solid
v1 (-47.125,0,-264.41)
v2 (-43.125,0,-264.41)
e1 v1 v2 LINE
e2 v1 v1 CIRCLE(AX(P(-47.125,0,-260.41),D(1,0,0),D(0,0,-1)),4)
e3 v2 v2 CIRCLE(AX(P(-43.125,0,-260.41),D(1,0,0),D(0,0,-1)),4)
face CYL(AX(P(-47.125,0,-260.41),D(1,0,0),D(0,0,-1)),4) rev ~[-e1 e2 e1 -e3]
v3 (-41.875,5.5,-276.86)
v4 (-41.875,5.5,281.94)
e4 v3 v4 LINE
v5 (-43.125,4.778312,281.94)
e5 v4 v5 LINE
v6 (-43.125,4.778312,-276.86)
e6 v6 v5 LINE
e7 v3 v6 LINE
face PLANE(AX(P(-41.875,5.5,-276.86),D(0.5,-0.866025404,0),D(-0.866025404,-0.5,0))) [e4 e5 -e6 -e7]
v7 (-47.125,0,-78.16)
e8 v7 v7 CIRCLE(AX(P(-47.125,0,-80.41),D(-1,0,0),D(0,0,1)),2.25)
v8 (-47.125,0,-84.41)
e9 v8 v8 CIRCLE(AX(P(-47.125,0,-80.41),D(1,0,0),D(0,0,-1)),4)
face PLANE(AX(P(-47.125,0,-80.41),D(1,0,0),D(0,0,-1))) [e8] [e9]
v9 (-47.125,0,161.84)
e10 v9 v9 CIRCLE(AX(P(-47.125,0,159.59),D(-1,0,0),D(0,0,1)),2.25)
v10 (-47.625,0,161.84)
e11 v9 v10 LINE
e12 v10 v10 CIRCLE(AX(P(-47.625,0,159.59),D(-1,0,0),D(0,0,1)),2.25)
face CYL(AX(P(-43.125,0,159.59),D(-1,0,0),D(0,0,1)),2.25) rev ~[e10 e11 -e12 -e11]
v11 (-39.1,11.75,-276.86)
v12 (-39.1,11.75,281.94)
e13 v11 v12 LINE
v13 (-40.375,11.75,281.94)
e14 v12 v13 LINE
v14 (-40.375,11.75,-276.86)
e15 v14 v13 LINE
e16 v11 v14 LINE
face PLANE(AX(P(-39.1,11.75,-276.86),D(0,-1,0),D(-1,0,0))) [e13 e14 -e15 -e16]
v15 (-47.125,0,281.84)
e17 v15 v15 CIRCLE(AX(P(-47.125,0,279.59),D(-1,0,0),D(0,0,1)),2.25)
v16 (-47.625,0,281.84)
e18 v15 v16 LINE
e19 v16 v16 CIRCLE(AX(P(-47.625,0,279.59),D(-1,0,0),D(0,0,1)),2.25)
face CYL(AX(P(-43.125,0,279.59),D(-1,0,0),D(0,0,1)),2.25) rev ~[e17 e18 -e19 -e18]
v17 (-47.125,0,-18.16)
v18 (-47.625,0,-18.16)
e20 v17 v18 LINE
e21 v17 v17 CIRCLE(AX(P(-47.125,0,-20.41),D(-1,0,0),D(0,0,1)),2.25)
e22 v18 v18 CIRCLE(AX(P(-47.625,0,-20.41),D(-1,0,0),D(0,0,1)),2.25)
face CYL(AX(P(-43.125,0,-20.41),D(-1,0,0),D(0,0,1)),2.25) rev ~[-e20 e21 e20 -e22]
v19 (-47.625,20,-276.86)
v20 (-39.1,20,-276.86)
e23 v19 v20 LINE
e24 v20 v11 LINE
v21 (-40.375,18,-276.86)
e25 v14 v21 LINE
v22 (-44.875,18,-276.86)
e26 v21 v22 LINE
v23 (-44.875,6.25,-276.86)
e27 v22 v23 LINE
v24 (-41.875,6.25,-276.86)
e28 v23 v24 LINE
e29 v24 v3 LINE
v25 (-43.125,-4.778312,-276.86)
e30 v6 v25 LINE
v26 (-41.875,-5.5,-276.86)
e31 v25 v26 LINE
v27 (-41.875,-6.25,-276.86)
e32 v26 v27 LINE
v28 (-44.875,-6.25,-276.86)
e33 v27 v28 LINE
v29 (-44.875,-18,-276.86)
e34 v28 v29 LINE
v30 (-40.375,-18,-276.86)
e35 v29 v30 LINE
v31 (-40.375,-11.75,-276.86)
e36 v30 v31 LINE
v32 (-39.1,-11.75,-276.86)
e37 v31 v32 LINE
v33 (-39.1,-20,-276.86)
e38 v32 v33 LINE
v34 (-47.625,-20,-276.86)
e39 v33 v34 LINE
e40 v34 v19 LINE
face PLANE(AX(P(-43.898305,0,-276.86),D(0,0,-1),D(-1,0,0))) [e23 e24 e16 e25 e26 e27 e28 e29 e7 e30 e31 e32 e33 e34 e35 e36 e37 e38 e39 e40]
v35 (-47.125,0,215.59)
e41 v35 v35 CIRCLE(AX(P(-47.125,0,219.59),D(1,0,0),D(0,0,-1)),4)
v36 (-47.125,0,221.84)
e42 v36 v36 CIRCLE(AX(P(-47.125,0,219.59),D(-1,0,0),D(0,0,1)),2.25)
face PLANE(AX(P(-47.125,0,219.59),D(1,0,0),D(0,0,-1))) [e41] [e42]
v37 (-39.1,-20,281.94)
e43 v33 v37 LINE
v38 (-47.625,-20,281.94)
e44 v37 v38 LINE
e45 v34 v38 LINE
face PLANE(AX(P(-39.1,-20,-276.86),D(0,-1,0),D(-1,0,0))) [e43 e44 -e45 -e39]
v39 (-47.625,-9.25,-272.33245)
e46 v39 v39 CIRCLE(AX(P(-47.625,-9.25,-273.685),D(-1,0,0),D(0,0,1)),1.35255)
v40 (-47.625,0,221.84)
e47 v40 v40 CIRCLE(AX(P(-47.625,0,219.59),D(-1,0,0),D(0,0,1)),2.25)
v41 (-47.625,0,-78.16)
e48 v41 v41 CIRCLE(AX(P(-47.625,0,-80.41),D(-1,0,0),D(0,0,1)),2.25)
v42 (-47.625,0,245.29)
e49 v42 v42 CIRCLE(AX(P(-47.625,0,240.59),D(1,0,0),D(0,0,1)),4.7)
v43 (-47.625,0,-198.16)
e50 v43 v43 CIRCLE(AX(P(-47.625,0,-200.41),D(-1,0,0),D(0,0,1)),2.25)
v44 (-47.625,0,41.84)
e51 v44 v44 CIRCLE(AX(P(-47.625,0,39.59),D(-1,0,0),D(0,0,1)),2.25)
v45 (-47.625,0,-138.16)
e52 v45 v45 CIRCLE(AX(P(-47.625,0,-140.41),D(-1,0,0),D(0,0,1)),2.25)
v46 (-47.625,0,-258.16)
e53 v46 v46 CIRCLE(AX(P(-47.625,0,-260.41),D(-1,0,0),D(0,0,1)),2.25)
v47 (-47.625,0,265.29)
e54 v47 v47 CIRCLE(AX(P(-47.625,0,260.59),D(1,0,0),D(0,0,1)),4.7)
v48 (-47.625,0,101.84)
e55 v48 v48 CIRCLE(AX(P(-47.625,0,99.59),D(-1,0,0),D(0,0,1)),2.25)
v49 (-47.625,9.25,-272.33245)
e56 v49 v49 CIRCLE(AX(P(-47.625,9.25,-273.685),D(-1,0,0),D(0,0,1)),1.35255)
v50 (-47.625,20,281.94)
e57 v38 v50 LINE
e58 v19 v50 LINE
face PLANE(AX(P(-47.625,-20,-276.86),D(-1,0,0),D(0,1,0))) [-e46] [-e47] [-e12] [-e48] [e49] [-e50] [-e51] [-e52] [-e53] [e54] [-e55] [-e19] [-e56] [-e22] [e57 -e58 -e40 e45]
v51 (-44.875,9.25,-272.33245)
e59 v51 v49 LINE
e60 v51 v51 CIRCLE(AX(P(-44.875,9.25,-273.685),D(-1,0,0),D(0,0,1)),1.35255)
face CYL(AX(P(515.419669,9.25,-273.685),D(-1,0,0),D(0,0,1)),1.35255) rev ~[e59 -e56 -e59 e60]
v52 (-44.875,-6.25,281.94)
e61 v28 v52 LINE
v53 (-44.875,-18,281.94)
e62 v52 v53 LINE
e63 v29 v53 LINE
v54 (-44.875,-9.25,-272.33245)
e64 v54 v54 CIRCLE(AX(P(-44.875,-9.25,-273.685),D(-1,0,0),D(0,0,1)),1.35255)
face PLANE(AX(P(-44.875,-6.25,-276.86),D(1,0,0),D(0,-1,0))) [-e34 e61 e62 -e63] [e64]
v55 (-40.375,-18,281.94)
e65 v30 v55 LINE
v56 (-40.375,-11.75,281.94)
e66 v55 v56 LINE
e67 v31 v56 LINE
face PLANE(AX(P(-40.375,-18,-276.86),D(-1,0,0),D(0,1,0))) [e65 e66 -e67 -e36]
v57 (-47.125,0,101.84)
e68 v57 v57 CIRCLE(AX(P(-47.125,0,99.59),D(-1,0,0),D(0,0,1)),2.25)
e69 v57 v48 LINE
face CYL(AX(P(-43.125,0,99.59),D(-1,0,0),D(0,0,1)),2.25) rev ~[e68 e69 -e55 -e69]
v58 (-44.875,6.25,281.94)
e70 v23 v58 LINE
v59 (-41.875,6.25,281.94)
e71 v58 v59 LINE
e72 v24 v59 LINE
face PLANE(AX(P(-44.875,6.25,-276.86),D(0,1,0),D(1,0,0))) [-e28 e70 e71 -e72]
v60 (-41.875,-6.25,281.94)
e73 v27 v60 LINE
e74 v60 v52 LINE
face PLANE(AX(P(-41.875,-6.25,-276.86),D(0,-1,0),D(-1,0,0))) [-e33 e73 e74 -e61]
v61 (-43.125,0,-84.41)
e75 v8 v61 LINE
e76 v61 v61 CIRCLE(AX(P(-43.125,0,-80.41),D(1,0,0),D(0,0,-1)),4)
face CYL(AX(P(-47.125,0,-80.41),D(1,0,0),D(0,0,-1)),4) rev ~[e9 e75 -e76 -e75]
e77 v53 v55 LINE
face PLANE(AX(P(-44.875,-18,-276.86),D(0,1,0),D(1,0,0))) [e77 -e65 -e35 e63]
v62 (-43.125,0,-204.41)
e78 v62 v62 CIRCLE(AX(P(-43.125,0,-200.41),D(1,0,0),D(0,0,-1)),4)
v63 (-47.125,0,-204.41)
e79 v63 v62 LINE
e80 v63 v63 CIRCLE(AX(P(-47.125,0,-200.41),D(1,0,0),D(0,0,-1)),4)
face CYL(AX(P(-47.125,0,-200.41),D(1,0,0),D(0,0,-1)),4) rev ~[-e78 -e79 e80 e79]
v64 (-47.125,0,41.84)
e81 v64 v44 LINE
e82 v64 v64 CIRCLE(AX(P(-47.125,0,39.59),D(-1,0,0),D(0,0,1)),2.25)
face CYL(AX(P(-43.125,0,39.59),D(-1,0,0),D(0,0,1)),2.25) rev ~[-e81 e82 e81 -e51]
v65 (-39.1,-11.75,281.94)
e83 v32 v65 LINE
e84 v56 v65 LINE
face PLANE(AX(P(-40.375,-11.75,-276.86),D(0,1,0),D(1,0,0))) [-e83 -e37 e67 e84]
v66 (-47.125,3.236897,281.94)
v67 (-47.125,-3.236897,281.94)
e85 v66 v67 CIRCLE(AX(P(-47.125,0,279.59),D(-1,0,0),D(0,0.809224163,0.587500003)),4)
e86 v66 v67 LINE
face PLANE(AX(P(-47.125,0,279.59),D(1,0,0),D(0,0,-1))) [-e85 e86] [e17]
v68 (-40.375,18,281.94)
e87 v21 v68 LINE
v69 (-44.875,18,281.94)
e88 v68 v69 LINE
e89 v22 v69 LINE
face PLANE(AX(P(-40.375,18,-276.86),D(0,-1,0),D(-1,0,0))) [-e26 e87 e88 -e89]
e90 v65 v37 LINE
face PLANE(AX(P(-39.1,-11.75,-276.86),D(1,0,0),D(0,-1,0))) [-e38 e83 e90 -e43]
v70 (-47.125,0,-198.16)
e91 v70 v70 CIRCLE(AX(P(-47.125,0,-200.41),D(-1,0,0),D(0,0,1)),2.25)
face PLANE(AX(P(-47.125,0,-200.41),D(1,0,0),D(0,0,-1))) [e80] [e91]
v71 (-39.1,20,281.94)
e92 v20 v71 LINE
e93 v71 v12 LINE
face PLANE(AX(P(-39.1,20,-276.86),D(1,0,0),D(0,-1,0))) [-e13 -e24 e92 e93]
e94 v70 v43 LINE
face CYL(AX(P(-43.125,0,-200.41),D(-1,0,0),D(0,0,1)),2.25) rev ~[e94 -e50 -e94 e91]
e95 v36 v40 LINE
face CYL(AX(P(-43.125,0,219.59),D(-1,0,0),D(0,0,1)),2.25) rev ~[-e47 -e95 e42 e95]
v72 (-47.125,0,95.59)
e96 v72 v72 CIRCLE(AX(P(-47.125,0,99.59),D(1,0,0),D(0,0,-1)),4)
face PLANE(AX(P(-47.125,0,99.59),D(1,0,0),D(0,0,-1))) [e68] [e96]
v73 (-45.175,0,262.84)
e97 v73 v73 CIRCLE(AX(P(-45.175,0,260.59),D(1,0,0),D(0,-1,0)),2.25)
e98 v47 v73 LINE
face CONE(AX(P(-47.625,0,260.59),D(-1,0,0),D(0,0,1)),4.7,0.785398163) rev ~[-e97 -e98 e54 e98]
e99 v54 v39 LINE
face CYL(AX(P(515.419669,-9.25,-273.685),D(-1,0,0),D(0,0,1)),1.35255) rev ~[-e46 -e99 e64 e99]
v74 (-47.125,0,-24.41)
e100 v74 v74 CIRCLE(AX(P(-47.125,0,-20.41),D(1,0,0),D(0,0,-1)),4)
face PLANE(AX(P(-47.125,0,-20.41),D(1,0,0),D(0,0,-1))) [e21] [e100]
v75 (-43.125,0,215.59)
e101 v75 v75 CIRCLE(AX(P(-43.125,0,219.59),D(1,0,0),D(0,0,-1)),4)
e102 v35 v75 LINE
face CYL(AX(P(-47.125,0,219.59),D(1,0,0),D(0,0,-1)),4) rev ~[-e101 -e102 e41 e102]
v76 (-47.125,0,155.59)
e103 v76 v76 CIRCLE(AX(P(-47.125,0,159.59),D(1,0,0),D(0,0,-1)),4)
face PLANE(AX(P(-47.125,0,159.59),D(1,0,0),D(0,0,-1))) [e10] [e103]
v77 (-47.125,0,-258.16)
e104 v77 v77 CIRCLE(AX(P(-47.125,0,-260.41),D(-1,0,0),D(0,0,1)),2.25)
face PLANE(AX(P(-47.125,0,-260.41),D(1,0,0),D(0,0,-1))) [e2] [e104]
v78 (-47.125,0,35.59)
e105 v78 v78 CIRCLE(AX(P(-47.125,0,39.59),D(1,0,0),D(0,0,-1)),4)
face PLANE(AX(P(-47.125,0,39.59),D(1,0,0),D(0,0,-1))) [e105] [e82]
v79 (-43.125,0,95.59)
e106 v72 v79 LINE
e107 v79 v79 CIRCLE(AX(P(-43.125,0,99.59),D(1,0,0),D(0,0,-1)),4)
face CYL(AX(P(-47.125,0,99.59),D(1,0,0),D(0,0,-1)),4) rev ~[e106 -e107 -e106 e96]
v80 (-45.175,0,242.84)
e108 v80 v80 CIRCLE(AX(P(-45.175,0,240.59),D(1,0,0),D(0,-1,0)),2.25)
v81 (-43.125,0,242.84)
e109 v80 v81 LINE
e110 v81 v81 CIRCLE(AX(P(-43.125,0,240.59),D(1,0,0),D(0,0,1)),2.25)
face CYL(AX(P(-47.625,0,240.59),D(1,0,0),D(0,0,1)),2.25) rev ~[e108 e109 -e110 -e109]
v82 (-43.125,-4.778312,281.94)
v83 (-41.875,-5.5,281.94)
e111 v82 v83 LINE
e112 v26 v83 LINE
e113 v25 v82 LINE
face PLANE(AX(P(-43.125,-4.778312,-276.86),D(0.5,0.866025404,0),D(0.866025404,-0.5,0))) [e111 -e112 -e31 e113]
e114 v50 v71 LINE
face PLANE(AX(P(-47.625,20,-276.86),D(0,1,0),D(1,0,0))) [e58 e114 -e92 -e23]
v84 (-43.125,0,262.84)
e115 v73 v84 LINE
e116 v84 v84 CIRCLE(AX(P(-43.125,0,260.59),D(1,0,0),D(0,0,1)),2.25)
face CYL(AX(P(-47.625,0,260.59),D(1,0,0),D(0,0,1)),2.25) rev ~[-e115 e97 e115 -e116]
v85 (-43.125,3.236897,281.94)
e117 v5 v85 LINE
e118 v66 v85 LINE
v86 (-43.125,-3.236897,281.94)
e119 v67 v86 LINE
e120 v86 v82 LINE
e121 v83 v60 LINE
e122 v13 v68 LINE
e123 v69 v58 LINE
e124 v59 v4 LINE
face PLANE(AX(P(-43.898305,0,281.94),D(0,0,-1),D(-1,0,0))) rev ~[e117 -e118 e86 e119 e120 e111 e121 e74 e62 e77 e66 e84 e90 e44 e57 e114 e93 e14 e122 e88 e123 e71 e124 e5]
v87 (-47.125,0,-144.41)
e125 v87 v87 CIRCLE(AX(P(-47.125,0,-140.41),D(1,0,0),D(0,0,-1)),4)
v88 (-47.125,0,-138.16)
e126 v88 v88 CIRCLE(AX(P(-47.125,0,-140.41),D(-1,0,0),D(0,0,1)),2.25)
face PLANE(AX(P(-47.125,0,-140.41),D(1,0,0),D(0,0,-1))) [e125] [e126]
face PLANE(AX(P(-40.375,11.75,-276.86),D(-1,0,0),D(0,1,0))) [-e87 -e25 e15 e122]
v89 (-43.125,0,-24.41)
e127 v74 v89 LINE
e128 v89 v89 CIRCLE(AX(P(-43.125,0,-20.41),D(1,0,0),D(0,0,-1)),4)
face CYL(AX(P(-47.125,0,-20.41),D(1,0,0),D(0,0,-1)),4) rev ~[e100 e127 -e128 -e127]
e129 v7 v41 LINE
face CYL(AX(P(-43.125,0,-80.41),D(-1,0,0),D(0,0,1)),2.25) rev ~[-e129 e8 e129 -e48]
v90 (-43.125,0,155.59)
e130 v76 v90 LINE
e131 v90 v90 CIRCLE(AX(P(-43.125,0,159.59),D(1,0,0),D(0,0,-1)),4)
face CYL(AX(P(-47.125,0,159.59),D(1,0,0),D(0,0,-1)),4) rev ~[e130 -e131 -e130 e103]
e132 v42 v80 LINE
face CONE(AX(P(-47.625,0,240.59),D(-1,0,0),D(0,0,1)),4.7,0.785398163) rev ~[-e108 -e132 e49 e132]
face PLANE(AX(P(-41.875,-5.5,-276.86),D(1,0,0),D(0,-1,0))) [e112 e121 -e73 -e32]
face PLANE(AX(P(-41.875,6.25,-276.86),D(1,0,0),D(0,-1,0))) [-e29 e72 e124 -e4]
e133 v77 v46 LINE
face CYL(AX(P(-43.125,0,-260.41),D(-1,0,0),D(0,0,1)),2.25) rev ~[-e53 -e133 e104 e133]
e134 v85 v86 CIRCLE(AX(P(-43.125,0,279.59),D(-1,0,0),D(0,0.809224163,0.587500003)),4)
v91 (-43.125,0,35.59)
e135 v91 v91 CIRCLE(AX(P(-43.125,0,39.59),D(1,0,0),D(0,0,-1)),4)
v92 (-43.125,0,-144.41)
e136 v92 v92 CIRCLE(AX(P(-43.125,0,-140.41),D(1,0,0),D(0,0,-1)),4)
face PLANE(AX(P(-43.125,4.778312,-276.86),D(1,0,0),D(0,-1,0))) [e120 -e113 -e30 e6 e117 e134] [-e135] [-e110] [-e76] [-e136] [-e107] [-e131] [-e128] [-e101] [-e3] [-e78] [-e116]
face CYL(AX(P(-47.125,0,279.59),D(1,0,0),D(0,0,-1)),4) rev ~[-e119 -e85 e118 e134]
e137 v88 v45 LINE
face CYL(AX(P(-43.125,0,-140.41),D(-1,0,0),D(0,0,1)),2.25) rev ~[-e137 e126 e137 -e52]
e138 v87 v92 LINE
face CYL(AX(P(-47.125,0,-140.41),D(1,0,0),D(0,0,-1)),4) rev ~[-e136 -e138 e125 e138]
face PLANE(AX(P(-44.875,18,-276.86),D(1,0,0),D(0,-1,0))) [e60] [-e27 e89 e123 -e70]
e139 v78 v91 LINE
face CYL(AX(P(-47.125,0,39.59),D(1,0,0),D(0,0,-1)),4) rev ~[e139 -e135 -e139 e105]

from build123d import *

# Parameters (mm, degrees)
BOSS_EXTRUDE1_DEPTH                             = 281.94
BOSS_EXTRUDE1_DEPTH_BACK                        = 276.86
CBORE_FOR_M4_SHCS1_D                            = 4.5
CBORE_FOR_M4_SHCS1_CBORE_D                      = 8
CBORE_FOR_M4_SHCS1_CBORE_DEPTH                  = 4
CSK_FOR_M4_FLAT_HEAD_MACHINE_SCREW1_D           = 4.5
CSK_FOR_M4_FLAT_HEAD_MACHINE_SCREW1_CSINK_D     = 9.4
CSK_FOR_M4_FLAT_HEAD_MACHINE_SCREW1_CSINK_ANGLE = 90
LPATTERN1_COUNT                                 = 9
LPATTERN1_PITCH                                 = 60
LPATTERN1_COL_COUNT                             = 2
LPATTERN1_COL_PITCH                             = 60
F_6_32_TAPPED_HOLE1_D                           = 2.7051


with BuildPart() as part:
    # Sketch1 → Boss-Extrude1 (new, two sides: drawn at the far end of the back side and taken through both)
    with BuildSketch(Plane.XY.offset(-BOSS_EXTRUDE1_DEPTH_BACK)):
        Polygon((-39.1, 20), (-39.1, 11.75), (-40.375, 11.75), (-40.375, 18), (-44.875, 18), (-44.875, 6.25), (-41.875, 6.25), (-41.875, 5.5), (-43.125, 4.778312164), (-43.125, -4.778312164), (-41.875, -5.5), (-41.875, -6.25), (-44.875, -6.25), (-44.875, -18), (-40.375, -18), (-40.375, -11.75), (-39.1, -11.75), (-39.1, -20), (-47.625, -20), (-47.625, 20), align=None)
    extrude(amount=BOSS_EXTRUDE1_DEPTH + BOSS_EXTRUDE1_DEPTH_BACK)

    # CBORE for M4 SHCS1 (through all)
    with Locations(Plane(origin=(-43.125, 0, 0), x_dir=(0, 0, -1), z_dir=(1, 0, 0))):
        with Locations((-219.589999986, 0)):
            cbore_for_m4_shcs1 = CounterBoreHole(CBORE_FOR_M4_SHCS1_D / 2, CBORE_FOR_M4_SHCS1_CBORE_D / 2, CBORE_FOR_M4_SHCS1_CBORE_DEPTH)

    # CSK for M4 Flat Head Machine Screw1 (through all)
    with Locations(Plane(origin=(-47.625, 10.717833064, -20.25819937), x_dir=(0, 0, -1), z_dir=(-1, 0, 0))):
        with Locations((-260.84819952, 10.717833064), (-280.848199398, 10.717833064)):
            CounterSinkHole(CSK_FOR_M4_FLAT_HEAD_MACHINE_SCREW1_D / 2, CSK_FOR_M4_FLAT_HEAD_MACHINE_SCREW1_CSINK_D / 2, counter_sink_angle=CSK_FOR_M4_FLAT_HEAD_MACHINE_SCREW1_CSINK_ANGLE)

    # LPattern1: CBORE for M4 SHCS1 ×9
    with Locations(*[(0, 0, -i * LPATTERN1_PITCH) for i in range(1, LPATTERN1_COUNT)]):
        add(cbore_for_m4_shcs1, mode=Mode.SUBTRACT)

    # LPattern1 col: CBORE for M4 SHCS1 ×2
    with Locations(*[(0, 0, i * LPATTERN1_COL_PITCH) for i in range(1, LPATTERN1_COL_COUNT)]):
        add(cbore_for_m4_shcs1, mode=Mode.SUBTRACT)

    # #6-32 Tapped Hole1 (through all)
    with Locations(Plane(origin=(-44.875, 0, 0), x_dir=(0, 0, -1), z_dir=(1, 0, 0))):
        with Locations((273.685, -9.250000096), (273.685, 9.250000096)):
            Hole(F_6_32_TAPPED_HOLE1_D / 2)


solid = part.part
